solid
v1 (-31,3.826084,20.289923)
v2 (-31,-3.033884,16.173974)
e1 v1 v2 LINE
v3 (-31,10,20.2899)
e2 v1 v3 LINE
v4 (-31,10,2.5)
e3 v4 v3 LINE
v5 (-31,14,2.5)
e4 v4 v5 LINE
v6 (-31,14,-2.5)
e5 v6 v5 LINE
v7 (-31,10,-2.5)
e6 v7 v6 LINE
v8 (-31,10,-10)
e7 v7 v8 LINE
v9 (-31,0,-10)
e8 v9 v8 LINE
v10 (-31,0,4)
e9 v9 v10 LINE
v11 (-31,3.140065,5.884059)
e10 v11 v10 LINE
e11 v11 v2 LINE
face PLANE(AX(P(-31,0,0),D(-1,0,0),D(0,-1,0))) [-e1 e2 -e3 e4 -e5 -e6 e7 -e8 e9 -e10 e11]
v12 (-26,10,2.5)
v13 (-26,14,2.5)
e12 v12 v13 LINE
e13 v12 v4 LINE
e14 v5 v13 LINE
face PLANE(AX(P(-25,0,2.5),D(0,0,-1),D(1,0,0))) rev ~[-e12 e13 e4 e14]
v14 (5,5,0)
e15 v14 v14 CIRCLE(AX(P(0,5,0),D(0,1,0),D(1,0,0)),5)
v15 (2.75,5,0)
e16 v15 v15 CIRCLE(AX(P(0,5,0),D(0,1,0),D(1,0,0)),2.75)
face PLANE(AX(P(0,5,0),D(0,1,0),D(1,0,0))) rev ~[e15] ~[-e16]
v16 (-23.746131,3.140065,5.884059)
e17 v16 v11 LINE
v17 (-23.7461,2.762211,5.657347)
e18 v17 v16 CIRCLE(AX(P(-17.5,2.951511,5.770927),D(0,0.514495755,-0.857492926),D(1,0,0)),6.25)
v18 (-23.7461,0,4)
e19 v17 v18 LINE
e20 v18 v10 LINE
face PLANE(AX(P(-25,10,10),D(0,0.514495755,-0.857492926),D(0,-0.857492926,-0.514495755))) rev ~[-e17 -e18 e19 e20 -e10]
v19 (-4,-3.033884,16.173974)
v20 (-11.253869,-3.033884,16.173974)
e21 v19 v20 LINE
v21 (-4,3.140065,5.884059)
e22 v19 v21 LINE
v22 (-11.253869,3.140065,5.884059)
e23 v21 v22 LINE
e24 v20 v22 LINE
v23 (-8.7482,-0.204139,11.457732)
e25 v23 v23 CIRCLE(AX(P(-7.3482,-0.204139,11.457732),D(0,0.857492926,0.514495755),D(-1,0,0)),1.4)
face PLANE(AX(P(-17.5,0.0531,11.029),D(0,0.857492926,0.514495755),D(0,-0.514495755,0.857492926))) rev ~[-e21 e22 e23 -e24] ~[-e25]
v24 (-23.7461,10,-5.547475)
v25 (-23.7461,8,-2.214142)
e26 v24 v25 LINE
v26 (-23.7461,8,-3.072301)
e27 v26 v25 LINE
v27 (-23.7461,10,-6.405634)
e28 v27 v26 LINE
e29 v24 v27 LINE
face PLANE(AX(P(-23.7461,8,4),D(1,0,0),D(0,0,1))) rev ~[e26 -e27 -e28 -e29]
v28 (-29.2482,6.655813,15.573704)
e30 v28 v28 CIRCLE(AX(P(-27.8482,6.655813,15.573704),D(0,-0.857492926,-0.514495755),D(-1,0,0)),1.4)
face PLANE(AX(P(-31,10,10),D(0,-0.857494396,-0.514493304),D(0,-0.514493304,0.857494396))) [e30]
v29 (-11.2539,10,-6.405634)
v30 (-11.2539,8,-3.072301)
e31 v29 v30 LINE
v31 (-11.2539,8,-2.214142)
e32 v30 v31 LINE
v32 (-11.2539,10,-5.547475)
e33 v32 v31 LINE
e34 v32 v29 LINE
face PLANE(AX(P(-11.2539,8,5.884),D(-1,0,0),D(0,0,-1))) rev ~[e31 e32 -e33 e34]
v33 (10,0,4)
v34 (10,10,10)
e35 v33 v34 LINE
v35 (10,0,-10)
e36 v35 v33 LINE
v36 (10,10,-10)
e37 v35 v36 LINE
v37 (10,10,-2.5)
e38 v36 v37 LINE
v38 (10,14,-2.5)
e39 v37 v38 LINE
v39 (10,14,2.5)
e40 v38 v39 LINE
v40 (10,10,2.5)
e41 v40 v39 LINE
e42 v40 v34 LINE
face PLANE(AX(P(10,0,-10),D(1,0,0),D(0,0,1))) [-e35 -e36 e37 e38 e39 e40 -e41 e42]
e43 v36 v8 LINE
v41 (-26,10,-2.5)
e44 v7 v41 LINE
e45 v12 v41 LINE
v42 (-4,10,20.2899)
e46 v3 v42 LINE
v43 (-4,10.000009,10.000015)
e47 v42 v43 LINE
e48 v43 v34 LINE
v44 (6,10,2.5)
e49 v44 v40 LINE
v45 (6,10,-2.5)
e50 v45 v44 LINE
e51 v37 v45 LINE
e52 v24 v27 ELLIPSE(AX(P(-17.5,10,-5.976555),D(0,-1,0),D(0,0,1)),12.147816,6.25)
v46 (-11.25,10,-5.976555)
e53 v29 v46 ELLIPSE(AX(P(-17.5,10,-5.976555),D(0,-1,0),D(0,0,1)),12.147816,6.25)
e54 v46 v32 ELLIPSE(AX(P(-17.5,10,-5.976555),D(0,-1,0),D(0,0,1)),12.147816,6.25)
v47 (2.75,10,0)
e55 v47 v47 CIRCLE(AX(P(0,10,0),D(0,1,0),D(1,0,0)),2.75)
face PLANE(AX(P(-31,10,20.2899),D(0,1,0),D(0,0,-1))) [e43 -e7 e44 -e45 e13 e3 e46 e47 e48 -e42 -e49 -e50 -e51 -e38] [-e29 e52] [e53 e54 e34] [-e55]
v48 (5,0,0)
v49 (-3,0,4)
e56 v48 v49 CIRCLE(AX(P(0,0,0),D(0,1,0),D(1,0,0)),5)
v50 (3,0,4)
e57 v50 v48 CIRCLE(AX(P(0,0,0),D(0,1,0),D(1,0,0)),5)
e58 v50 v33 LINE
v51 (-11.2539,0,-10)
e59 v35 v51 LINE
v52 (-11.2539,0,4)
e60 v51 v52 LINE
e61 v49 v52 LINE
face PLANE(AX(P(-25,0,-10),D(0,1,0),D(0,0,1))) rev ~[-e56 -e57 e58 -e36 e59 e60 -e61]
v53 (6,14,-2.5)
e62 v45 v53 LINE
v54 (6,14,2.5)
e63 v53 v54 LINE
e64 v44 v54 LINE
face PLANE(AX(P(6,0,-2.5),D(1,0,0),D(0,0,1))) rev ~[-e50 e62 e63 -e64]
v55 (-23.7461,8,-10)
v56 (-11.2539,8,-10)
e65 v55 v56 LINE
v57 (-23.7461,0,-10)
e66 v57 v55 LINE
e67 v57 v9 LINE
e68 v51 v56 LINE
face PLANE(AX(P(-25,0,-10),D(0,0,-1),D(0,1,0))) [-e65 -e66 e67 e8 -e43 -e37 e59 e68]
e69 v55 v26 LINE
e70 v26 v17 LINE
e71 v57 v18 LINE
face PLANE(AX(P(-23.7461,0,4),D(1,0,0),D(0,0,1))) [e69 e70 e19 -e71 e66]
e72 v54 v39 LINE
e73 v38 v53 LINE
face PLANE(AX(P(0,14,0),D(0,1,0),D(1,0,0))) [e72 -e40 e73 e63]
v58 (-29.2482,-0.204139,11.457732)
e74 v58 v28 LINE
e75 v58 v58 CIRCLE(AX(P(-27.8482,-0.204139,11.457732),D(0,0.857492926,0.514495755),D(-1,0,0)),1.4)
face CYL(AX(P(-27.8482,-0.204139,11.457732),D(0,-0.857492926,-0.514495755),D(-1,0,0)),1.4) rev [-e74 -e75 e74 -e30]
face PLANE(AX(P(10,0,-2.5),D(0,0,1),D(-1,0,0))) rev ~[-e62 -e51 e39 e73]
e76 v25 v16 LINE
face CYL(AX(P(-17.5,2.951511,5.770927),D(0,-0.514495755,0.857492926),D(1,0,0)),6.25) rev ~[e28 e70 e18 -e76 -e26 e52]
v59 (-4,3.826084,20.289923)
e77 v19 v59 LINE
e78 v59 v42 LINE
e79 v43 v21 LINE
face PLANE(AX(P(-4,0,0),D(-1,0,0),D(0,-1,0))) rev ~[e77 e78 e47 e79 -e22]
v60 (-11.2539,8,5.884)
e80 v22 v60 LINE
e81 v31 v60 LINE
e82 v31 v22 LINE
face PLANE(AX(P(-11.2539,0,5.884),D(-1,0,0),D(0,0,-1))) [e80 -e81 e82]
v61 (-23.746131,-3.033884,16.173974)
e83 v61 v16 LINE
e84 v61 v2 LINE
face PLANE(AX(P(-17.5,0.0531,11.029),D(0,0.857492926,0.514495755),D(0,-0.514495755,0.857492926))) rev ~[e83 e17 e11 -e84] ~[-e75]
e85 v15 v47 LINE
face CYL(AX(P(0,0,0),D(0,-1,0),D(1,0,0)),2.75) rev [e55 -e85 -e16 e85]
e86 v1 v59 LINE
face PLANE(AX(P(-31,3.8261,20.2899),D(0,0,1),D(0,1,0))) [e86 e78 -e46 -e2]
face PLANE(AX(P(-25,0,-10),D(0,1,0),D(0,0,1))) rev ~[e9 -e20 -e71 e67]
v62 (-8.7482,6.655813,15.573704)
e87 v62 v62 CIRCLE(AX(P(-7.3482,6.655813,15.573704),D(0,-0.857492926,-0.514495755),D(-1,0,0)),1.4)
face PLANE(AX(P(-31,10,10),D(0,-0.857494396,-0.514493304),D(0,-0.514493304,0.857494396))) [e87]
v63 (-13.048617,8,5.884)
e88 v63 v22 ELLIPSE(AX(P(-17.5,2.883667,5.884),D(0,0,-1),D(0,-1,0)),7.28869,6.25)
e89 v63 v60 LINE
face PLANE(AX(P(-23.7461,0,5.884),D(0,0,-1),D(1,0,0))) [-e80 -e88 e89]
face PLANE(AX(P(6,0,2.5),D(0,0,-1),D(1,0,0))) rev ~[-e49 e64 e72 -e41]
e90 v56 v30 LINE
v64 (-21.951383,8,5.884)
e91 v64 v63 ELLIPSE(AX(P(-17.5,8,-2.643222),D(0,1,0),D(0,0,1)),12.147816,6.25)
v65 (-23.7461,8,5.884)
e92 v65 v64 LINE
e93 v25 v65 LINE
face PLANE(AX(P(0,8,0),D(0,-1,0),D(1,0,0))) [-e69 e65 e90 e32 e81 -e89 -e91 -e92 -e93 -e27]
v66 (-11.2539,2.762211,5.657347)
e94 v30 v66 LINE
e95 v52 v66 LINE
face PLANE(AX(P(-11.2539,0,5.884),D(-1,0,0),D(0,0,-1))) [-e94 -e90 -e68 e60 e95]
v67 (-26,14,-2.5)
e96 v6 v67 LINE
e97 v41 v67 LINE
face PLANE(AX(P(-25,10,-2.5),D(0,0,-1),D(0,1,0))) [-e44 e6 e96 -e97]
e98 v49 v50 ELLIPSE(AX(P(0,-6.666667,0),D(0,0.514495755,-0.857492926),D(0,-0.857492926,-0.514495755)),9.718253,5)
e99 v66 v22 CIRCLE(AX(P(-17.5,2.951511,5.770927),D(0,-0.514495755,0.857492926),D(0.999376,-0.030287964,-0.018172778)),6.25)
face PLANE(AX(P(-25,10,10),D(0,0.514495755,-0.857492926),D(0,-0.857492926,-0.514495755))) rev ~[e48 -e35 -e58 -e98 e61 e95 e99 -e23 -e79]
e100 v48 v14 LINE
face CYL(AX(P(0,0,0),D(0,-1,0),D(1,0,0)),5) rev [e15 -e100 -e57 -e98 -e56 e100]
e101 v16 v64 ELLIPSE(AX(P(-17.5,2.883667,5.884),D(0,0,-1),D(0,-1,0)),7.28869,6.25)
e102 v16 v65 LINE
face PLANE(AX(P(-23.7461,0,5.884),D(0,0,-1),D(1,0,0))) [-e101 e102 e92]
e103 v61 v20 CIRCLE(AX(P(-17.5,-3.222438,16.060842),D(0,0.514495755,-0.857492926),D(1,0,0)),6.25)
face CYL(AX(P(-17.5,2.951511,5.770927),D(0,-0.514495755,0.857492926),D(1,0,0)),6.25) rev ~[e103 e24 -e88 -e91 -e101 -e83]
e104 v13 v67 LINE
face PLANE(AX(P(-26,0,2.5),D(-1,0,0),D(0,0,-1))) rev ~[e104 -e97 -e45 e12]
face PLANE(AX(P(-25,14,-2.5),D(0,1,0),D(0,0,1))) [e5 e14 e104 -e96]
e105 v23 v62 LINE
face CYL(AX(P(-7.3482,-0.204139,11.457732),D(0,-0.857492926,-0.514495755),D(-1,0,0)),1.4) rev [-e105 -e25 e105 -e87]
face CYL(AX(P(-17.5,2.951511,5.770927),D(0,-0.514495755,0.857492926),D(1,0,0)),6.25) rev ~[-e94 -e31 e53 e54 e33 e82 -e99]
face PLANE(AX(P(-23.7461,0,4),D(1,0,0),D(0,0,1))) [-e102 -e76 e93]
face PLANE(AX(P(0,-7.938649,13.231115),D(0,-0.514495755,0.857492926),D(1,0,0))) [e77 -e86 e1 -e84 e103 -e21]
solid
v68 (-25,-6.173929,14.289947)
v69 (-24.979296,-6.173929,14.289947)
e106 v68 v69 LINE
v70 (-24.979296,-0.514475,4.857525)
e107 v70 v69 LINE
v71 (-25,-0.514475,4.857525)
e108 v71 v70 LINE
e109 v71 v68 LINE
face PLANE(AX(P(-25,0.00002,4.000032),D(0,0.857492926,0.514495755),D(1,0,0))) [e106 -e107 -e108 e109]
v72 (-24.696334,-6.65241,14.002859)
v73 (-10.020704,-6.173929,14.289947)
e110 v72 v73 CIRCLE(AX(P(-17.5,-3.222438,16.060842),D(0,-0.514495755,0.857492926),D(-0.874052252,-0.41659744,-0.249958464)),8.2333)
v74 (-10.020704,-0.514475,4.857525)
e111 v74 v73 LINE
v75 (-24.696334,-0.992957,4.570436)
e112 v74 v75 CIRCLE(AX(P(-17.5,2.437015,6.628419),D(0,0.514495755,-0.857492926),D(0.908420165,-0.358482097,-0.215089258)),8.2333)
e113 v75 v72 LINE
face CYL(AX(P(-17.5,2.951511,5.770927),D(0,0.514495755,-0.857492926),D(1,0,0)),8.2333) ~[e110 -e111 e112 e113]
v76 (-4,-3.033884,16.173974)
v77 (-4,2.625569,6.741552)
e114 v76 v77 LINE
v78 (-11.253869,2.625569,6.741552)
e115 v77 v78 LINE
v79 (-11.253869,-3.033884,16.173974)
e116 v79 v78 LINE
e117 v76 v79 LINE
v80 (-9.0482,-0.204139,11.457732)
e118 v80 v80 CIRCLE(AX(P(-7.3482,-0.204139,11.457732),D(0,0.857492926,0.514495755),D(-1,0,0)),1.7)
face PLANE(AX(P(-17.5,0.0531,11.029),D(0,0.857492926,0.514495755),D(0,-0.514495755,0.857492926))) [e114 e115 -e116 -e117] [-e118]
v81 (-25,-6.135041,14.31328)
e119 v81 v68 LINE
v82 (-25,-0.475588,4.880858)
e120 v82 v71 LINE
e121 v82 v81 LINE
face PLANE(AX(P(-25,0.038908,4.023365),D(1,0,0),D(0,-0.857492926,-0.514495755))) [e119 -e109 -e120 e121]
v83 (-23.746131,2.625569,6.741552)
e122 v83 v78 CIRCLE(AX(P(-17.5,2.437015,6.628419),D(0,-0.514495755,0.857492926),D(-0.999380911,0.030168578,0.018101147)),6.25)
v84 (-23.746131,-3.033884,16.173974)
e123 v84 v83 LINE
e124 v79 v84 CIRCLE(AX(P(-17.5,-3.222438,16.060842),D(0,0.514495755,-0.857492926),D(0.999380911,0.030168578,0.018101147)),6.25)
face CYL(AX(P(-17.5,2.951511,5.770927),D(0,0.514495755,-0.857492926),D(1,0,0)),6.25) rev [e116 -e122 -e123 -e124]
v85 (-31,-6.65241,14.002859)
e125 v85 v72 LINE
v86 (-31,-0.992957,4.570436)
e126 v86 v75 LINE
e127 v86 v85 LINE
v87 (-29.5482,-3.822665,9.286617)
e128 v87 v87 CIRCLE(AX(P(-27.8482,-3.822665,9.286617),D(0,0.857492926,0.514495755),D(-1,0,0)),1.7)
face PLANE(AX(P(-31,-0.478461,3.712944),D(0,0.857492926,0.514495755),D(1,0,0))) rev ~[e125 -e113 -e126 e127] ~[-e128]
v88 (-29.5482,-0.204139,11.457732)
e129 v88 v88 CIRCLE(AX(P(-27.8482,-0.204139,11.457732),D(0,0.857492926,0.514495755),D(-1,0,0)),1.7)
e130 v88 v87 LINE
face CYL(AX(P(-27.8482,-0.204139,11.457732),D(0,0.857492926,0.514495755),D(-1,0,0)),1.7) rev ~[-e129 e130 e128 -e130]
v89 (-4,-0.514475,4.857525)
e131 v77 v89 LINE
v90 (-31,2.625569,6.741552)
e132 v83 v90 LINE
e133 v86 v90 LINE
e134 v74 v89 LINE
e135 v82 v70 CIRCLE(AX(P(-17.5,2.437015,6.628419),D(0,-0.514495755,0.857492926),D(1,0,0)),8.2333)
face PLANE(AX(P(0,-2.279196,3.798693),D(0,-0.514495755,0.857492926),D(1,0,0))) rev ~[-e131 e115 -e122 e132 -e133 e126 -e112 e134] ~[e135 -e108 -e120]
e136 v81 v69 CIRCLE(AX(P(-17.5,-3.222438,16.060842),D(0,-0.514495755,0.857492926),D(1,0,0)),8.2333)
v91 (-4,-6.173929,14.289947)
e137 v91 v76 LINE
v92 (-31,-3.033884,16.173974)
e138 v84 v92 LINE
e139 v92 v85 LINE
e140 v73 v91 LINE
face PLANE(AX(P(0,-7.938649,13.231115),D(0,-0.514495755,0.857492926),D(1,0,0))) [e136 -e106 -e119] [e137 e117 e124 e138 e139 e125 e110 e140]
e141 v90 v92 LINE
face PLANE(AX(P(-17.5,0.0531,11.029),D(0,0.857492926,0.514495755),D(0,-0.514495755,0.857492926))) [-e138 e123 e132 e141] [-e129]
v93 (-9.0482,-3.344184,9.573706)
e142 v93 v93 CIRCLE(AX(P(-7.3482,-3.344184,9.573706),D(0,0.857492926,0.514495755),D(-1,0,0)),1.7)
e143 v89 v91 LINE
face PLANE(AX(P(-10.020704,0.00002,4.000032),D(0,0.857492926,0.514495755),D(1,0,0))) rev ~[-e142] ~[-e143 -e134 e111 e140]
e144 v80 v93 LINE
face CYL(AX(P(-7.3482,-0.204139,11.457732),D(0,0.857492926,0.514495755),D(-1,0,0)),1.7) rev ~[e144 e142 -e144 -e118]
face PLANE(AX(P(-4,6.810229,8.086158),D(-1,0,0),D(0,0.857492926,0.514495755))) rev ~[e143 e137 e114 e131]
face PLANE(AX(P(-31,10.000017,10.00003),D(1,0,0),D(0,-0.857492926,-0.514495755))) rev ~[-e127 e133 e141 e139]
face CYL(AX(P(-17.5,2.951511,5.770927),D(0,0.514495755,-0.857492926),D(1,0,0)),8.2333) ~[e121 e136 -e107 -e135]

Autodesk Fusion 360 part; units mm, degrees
sketch "Sketch1" plane through (0, 0, 0) normal (0, 1, 0) x (1, 0, 0)
  circle A0 centre (0, 0) radius 2.75
  line L0 (10, -10) -> (-10, -10)
  line L1 (-10, -10) -> (-10, 10)
  line L2 (-10, 10) -> (10, 10)
  line L3 (10, 10) -> (10, -10)
  line L4 (10, -10) -> (-10, 10) construction
  line L5 (-10, -10) -> (10, 10) construction
  line L6 (-25, -2.5) -> (-21, -2.5)
  line L7 (-21, -2.5) -> (-21, 2.5)
  line L8 (-21, 2.5) -> (-25, 2.5)
  line L9 (-25, 2.5) -> (-25, -2.5)
  line L10 (6, 2.5) -> (6, -2.5)
  line L11 (6, -2.5) -> (10, -2.5)
  line L12 (10, 2.5) -> (6, 2.5)
  line L13 (10, -2.5) -> (10, 2.5)
  line L14 (-10, -10) -> (-25, -10)
  line L15 (-25, -10) -> (-25, 10)
  line L16 (-25, 10) -> (-10, 10)
  line L17 (-10, 10) -> (-10, -10)
  circle A1 centre (0, 0) radius 5
  line L18 (-25, -10) -> (-5, -10)
  line L19 (-5, -10) -> (-5, 10)
  line L20 (-5, 10) -> (-25, 10)
  line L21 (-25, 10) -> (-25, -10)
  line L22 (-25, -10) -> (-5, -10)
  line L23 (-5, -10) -> (-5, -20)
  line L24 (-5, -20) -> (-25, -20)
  line L25 (-25, -20) -> (-25, -10)
  line L26 (-25, 10) -> (-5, 10)
  line L27 (-5, 10) -> (-5, 15.5067)
  line L28 (-5, 15.5067) -> (-25, 15.5067)
  line L29 (-25, 15.5067) -> (-25, 10)
  dimension "d1" = 5.5
  dimension "d2" = 20
  dimension "d3" = 20
  dimension "d4" = 4
  dimension "d5" = 5
  dimension "d6" = 4
  dimension "d7" = 5
  dimension "d8" = 10
  dimension "d15" = 20
  dimension "d16" = 20
extrude "Extrude1" add sketch "Sketch1" along normal blind 14 contours L3 L10 L11 L12 L13 | L6 L7 L8 L9 L15 L21 makes body 1 at (-25, 4.6667, -0.8333) makes body 2 at (6, 4.6667, -0.8333)
extrude "Extrude2" add sketch "Sketch1" along normal blind 10 contours A1 | L0 L2 L3 L10 L11 L12 L19 | L0 L1 L2 L17 L18 L19 L20 L22 L26 | L1 L6 L7 L8 L14 L15 L16 L17 L18 L20 L21 L22 L26 bodies 1 2
extrude "Extrude3" cut sketch "Sketch1" along normal blind 5 contours A1 bodies 1
sketch "Sketch2" plane through (-25, 0, 0) normal (-1, 0, 0) x (0, -1, 0)
  line L0 (0, -10) -> (0, 10)
  line L1 (0, 10) -> (-10, 10)
  line L2 (-10, 10) -> (-10, 2.5)
  line L3 (-10, 2.5) -> (-14, 2.5)
  line L4 (-14, 2.5) -> (-14, -2.5)
  line L5 (-14, -2.5) -> (-10, -2.5)
  line L6 (-10, -2.5) -> (-10, -10)
  line L7 (-10, -10) -> (0, -10)
  line L8 (-10, 10) -> (0, 4)
  line L9 (0, 10) -> (0, 4)
  line L10 (0, 10) -> (-10, 10)
extrude "Extrude4" cut sketch "Sketch2" against normal blind 45 contours L0 L1 L8 L9 L10 bodies 1
sketch "Sketch3" plane through (0, -1.7647, 2.9412) normal (0, -0.5145, 0.8575) x (1, 0, 0)
  line L0 (-25, 13.7199) -> (-25, 2.058)
  line L1 (3, 2.058) -> (10, 2.058)
  line L2 (10, 13.7199) -> (-25, 13.7199)
  circle A0 centre (-17.5, 5.5) radius 6.25
  circle A1 centre (-17.5, 5.5) radius 8.2333
  ellipse E0 centre (0, -5.7166) end of major axis (0, -15.4349) minor radius 5 (3, 2.058) -> (-3, 2.058) ccw
  line L3 (10, 2.058) -> (10, 13.7199)
  line L4 (-25, 2.058) -> (-3, 2.058)
  line L5 (-4, 9.5) -> (-31, 9.5)
  line L6 (-31, 9.5) -> (-31, 1.5)
  line L7 (-31, 1.5) -> (-4, 1.5)
  line L8 (-4, 1.5) -> (-4, 9.5)
  line L9 (-4, 9.5) -> (-31, 1.5) construction
  line L10 (-31, 9.5) -> (-4, 1.5) construction
  line L11 (-25, 13.7199) -> (-31, 13.7199)
  line L12 (-31, 13.7199) -> (-31, 9.5)
  line L13 (-31, 1.5) -> (-31, -3)
  line L14 (-17.5, -2.7333) -> (-31, -2.7333)
  line L15 (-4, 9.5) -> (-4, 10)
  line L16 (-4, 10) -> (-4, 13.7199)
  line L17 (-4, 13.7199) -> (-25, 13.7199)
  line L18 (-4, 1.5) -> (-4, -2.7333)
  line L19 (-4, -2.7333) -> (-17.5, -2.7333)
  point P0 (-17.5, 5.5)
  dimension "d19" = 12.5
  dimension "d20" = 27
  dimension "d21" = 8
extrude "Extrude5" add sketch "Sketch3" along normal blind 12 separate body contours L0 L2 A1 L5 L17 | L0 L5 L11 L12 | L0 A1 L5 | L0 A1 L4 L5 L6 L7 | L2 A0 A1 L5 L17 | L0 A0 A1 L4 L5 | L0 A1 | L2 A1 L5 L15 L16 L17 | A1 L4 L5 L8 | A0 A1 L4 L5 | A0 A1 L4 L7 | A0 A1 L7 | A0 A1 L4 L7 makes body 3
extrude "Extrude6" add 1 faces at (-25, 6.6667, 5.5) along direction (-1, 0, 0) blind 6 on bodies 1 bodies 1
extrude "Extrude7" cut 1 faces at (-21, 11.3333, 0.8333) along direction (-1, 0, 0) blind 5 on bodies 1 bodies 1
extrude "Extrude8" cut sketch "Sketch3" against normal blind 27 contours A0 L4 L5 | A0 L5 | A0 L4 L7 | A0 L7 bodies 1
ref_plane "WorkPlane1" through (-17.5, 0.0531, 11.029) normal (0, 0.8575, 0.5145) x (-1, 0, 0)
split "Split1" by plane through (-17.5, 0.0531, 11.029) normal (0, 0.8575, 0.5145) bodies 3 makes body 4 at (-13, 7.942, 13.43)
extrude "Extrude9" cut 1 faces at (-29, 0.9001, 4.5401) along direction (0, -0.514496, 0.857493) blind 1 on bodies 3 bodies 3
sketch "Sketch4" plane through (-17.5, 1.0821, 9.314) normal (0, 0.8575, 0.5145) x (-1, 0, 0)
  line L0 (-13.5, -3) -> (-13.5, 8) construction
  line L1 (-7.4793, -3) -> (-13.5, -3) construction
  line L2 (13.5, -3) -> (7.1964, -3) construction
  line L3 (13.5, -3) -> (13.5, 8) construction
  line L4 (13.5, 8) -> (7.1964, -3) construction
  line L5 (-7.4793, -3) -> (-8.3257, -0.4851) construction
  line L6 (-8.3257, -0.4851) -> (-13.5, 8) construction
  circle A0 centre (10.3482, 2.5) radius 1.4
  circle A1 centre (10.3482, 2.5) radius 1.7
  circle A2 centre (-10.1518, 2.5) radius 1.7
  circle A3 centre (-10.1518, 2.5) radius 1.4
  dimension "d35" = 2.8
  dimension "d36" = 3.4
  dimension "d37" = 2.8
  dimension "d38" = 3.4
extrude "Extrude10" cut sketch "Sketch4" against normal blind 7.5 contours A0 | A1 | A2 | A3 bodies 3
extrude "Extrude11" cut sketch "Sketch4" along normal blind 18 contours A0 | A3 bodies 4
sketch "Sketch5" plane through (-31, 0, 0) normal (-1, 0, 0) x (0, -1, 0)
  line L0 (0, 4) -> (-10, 10)
  line L1 (-10, 10) -> (-10, 2.5)
  line L2 (-10, 2.5) -> (-14, 2.5)
  line L3 (-14, 2.5) -> (-14, -2.5)
  line L4 (-14, -2.5) -> (-10, -2.5)
  line L5 (-10, -2.5) -> (-10, -10)
  line L6 (-10, -10) -> (0, -10)
  line L7 (0, -10) -> (0, 4)
  line L8 (-10, 10) -> (-3.8261, 20.2899)
  line L9 (-3.8261, 20.2899) -> (-10, 20.2899)
  line L10 (-10, 20.2899) -> (-10, 10)
extrude "Extrude12" add sketch "Sketch5" against normal blind 27 contours L8 L9 L10 bodies 4 1
sketch "Sketch6" plane through (0, 0, 0) normal (0, -1, 0) x (1, 0, 0)
  ellipse E0 centre (-17.5, 10.6901) end of major axis (-17.5, -1.4577) minor radius 6.25 (-22.7168, 4) -> (-12.2832, 4) ccw
  line L0 (-22.7168, 4) -> (-31, 4)
  line L1 (-31, 4) -> (-31, -10)
  line L2 (-31, -10) -> (10, -10)
  line L3 (10, -10) -> (10, 4)
  line L4 (10, 4) -> (3, 4)
  arc A0 (-3, 4) -> (3, 4) centre (0, 0) ccw
  line L5 (-3, 4) -> (-12.2832, 4)
  line L6 (-23.7461, 5.884) -> (-11.2539, 5.884)
  line L7 (-11.2539, 5.884) -> (-11.2539, -10)
  line L8 (-11.2539, -10) -> (-23.7461, -10)
  line L9 (-23.7461, -10) -> (-23.7461, 5.884)
  point P0 (-23.7461, 5.884)
  point P1 (-11.2539, 5.884)
extrude "Extrude13" cut sketch "Sketch6" against normal blind 24 contours E0 L0 L5 L6 L7 L9 | E0 L0 L2 L5 L7 L8 L9 bodies 4
extrude "Extrude14" add sketch "Sketch6" along normal blind -10 and the other way blind 8 contours E0 L0 L5 L6 L7 L9 | E0 L0 L2 L5 L7 L8 L9 bodies 4
extrude "Extrude15" add 1 faces at (-19.3073, 8.6857, 5.884) along direction (0, 0, 1) blind 7 on bodies 4 bodies 4
